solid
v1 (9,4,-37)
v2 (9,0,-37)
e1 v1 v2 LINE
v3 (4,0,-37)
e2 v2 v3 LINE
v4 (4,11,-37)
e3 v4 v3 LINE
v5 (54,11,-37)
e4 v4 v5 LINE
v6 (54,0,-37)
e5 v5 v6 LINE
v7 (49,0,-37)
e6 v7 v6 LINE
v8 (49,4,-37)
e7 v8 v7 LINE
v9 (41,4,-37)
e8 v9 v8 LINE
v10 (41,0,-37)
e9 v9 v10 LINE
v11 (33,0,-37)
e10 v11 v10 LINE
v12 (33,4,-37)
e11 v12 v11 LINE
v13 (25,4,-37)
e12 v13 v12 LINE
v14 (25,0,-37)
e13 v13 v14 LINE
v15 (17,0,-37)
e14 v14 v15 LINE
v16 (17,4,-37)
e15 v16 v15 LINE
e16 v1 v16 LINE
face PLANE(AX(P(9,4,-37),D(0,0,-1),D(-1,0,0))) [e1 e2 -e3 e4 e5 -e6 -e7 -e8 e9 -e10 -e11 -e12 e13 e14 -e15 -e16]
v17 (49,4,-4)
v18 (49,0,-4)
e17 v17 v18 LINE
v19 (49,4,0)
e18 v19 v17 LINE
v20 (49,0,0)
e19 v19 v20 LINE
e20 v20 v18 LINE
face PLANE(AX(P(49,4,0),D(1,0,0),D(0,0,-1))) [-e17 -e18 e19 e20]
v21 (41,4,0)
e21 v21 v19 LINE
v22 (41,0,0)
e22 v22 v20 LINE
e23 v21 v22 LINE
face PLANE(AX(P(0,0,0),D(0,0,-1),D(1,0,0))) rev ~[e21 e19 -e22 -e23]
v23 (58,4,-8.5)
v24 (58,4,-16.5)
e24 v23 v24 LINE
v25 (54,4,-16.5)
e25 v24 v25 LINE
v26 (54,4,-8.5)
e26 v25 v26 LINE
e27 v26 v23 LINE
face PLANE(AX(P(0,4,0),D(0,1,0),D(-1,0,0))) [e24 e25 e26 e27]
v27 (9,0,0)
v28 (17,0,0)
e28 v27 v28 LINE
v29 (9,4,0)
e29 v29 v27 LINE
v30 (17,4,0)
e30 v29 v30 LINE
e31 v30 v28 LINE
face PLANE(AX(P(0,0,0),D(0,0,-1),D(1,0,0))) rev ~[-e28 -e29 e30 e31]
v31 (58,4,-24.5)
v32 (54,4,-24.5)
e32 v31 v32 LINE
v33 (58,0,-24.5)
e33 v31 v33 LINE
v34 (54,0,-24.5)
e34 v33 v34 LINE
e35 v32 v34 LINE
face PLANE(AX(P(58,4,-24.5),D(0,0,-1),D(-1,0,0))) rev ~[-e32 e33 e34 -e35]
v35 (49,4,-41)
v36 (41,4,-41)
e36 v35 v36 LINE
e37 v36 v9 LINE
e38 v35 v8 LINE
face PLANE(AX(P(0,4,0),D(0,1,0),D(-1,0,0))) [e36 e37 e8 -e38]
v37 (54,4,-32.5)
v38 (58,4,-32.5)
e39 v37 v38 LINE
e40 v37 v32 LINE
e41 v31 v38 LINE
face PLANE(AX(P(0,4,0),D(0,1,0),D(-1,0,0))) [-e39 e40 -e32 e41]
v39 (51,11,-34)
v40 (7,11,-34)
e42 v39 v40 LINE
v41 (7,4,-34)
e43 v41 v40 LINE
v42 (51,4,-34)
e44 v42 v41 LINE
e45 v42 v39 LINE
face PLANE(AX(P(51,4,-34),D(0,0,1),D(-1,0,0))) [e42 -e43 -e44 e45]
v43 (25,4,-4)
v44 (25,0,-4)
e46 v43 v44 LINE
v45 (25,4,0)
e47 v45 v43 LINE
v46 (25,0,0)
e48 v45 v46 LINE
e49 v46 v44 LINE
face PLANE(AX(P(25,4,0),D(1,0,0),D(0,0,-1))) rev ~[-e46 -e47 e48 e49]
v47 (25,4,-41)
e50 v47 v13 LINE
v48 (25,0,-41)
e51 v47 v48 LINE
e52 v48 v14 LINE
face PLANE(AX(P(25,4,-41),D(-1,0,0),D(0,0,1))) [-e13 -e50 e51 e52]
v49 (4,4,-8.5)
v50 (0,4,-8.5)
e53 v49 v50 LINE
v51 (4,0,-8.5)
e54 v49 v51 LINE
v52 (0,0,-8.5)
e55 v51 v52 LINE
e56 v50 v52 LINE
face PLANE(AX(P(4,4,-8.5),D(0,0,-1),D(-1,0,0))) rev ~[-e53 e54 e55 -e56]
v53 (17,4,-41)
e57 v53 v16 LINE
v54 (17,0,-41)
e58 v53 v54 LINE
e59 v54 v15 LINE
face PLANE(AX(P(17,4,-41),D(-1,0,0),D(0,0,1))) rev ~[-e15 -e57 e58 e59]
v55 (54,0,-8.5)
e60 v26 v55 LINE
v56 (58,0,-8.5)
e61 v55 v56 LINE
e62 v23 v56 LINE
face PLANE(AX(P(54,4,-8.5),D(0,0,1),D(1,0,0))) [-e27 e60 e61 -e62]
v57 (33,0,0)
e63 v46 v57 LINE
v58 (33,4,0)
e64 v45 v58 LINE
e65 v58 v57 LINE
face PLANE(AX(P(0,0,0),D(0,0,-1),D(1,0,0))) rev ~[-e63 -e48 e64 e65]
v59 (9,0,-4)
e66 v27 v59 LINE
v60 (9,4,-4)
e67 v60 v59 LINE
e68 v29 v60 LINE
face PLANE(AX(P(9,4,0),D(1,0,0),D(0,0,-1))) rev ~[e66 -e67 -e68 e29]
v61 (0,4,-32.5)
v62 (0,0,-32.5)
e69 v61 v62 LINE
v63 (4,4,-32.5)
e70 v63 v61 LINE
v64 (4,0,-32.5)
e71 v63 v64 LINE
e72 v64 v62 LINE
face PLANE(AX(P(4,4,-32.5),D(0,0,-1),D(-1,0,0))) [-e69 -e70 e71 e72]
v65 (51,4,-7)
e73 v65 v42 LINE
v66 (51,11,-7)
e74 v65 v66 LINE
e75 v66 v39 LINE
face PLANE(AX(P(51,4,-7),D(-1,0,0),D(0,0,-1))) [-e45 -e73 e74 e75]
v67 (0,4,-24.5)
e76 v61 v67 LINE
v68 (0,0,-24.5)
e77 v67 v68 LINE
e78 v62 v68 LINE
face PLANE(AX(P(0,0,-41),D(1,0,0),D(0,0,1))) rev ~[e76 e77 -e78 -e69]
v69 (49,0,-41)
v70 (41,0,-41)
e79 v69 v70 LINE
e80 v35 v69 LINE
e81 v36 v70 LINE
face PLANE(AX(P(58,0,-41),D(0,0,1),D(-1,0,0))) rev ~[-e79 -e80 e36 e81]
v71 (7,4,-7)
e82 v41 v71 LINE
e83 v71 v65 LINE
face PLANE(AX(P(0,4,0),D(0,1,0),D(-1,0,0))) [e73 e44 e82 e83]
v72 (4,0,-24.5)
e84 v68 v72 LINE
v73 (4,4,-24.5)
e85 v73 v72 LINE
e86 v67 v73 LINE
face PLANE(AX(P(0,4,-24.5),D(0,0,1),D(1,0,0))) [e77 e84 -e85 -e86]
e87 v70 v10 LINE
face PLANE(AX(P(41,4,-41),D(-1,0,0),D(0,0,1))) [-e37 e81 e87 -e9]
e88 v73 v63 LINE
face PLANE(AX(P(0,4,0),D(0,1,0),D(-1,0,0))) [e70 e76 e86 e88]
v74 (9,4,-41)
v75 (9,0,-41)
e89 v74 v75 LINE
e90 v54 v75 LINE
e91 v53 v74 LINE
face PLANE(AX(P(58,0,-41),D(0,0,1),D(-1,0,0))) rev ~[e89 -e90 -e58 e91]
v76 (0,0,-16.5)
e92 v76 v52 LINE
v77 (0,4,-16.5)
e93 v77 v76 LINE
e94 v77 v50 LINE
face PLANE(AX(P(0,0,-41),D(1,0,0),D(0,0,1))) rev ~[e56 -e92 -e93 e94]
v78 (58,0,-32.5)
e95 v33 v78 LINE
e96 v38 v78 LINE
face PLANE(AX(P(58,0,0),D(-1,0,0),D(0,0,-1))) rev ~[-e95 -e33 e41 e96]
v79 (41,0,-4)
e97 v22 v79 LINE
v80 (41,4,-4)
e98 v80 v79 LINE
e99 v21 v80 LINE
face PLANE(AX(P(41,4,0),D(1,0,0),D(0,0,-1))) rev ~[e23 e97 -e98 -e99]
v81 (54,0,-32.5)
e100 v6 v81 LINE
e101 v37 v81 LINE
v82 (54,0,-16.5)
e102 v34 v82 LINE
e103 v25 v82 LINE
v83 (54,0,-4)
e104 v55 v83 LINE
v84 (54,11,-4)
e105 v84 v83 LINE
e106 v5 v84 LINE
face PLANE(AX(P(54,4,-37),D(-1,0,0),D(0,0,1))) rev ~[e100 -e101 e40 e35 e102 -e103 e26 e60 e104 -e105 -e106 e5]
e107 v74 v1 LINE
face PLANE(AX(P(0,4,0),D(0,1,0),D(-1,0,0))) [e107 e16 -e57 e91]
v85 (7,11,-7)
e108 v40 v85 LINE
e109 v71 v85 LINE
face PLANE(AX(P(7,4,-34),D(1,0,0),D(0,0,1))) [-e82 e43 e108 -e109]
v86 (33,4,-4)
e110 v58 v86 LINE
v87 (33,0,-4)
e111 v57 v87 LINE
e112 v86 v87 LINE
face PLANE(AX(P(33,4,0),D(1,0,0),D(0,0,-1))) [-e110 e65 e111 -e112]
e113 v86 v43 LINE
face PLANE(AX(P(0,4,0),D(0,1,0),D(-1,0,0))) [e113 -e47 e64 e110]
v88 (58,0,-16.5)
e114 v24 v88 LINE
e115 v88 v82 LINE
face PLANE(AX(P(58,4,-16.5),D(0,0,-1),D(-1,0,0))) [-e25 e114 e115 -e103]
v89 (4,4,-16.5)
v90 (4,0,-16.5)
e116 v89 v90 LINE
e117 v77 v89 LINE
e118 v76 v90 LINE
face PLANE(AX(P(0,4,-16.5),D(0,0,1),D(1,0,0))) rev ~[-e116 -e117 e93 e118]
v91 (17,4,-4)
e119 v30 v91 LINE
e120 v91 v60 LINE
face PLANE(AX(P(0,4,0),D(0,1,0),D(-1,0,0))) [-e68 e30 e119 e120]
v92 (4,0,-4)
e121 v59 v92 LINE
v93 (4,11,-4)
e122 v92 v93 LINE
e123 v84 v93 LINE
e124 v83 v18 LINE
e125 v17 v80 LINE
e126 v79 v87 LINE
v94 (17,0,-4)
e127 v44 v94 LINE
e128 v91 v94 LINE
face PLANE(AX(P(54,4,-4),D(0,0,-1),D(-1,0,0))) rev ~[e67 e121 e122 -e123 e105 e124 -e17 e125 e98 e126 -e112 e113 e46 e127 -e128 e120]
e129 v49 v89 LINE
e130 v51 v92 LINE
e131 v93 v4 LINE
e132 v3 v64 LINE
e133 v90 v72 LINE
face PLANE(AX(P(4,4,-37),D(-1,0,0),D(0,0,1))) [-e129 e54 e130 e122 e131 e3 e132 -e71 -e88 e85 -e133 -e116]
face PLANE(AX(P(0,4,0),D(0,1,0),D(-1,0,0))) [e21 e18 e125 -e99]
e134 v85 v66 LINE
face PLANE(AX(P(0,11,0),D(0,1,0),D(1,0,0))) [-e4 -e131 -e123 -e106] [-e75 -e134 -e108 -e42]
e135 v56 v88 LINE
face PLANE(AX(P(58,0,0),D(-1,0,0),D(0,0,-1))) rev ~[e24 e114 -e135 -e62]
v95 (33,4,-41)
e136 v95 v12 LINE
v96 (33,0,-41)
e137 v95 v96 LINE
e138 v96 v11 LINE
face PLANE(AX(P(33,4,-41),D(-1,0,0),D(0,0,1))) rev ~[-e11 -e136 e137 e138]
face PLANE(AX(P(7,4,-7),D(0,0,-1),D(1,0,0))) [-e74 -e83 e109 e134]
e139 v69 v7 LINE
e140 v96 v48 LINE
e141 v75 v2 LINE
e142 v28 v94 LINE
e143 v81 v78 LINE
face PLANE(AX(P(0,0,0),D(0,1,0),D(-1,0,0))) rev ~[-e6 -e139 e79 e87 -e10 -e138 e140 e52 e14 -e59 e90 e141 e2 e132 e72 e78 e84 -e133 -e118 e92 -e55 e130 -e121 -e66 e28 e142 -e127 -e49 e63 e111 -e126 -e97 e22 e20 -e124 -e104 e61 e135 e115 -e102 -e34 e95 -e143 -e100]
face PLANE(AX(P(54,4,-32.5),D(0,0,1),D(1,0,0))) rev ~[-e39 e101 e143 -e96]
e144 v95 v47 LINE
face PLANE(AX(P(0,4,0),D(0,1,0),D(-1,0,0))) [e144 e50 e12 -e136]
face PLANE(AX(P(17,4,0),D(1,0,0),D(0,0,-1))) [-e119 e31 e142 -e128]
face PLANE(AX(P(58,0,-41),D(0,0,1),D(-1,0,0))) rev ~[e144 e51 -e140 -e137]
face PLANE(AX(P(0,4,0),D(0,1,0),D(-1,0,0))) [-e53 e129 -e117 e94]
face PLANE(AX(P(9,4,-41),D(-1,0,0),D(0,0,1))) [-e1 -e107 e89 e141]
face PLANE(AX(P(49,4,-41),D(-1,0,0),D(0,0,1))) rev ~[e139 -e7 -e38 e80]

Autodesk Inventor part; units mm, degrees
ref_plane "YZ Plane" through (0, 0, 0) normal (1, 0, 0) x (0, 1, 0)
ref_plane "XZ Plane" through (0, 0, 0) normal (0, 1, 0) x (-1, 0, 0)
ref_plane "XY Plane" through (0, 0, 0) normal (0, 0, 1) x (1, 0, 0)
sketch "Sketch1" plane through (0, 0, 0) normal (0, 1, 0) x (-1, 0, 0)
  line L0 (0, 0) -> (-58, 0)
  line L1 (-58, 0) -> (-58, -41)
  line L2 (-58, -41) -> (0, -41)
  line L3 (0, -41) -> (0, 0)
  dimension "d0" = 58
  dimension "d1" = 41
extrude "Extrusion1" add sketch "Sketch1" along normal blind 4
sketch "Sketch2" plane through (0, 4, 0) normal (0, 1, 0) x (1, 0, 0)
  line L0 (0, 0) -> (58, 0) projected
  line L1 (58, 0) -> (58, 41) projected
  line L2 (58, 41) -> (0, 41) projected
  line L3 (0, 41) -> (0, 0) projected
  line L4 (4, 37) -> (54, 37)
  line L5 (54, 37) -> (54, 4)
  line L6 (54, 4) -> (4, 4)
  line L7 (4, 4) -> (4, 37)
  line L8 (51, 34) -> (7, 34)
  line L9 (7, 34) -> (7, 7)
  line L10 (7, 7) -> (51, 7)
  line L11 (51, 7) -> (51, 34)
  dimension "d4" = 4
  dimension "d5" = 3
extrude "Extrusion2" add sketch "Sketch2" along normal blind 7 contours L4 L5 L6 L7
sketch "Sketch3" plane through (0, 4, 0) normal (0, 1, 0) x (1, 0, 0)
  line L0 (0, 0) -> (58, 0) construction
  line L1 (58, 0) -> (58, 41) construction
  line L2 (58, 41) -> (0, 41) construction
  line L3 (0, 41) -> (0, 0) construction
  line L4 (54, 37) -> (54, 4) construction
  line L5 (54, 4) -> (4, 4) construction
  line L6 (4, 4) -> (4, 37) construction
  line L7 (4, 37) -> (54, 37) construction
  line L8 (58, 41) -> (0, 41) construction
  line L9 (29, 41) -> (29, 0) construction
  line L10 (0, 41) -> (0, 0) construction
  line L11 (0, 20.5) -> (58, 20.5) construction
  line L12 (58, 0) -> (58, 41) construction
  line L13 (4, 37) -> (4, 4) projected
  line L14 (4, 8.5) -> (0, 8.5)
  line L15 (0, 8.5) -> (0, 0)
  line L16 (0, 0) -> (9, 0)
  line L17 (0, 0) -> (58, 0) projected
  line L18 (9, 0) -> (9, 4)
  line L19 (54, 4) -> (4, 4) projected
  line L20 (9, 4) -> (4, 4)
  line L21 (4, 8.5) -> (4, 4)
  line L22 (17, 0) -> (17, 4)
  line L23 (17, 0) -> (25, 0)
  line L24 (25, 0) -> (25, 4)
  line L25 (25, 4) -> (17, 4)
  line L26 (0, 16.5) -> (4, 16.5)
  line L27 (4, 16.5) -> (4, 20.5)
  line L28 (0, 20.5) -> (0, 16.5)
  line L29 (4, 32.5) -> (0, 32.5)
  line L30 (0, 32.5) -> (0, 41)
  line L31 (0, 41) -> (9, 41)
  line L32 (9, 41) -> (9, 37)
  line L33 (9, 37) -> (4, 37)
  line L34 (4, 32.5) -> (4, 37)
  line L35 (17, 41) -> (17, 37)
  line L36 (17, 41) -> (25, 41)
  line L37 (25, 41) -> (25, 37)
  line L38 (25, 37) -> (17, 37)
  line L39 (0, 24.5) -> (4, 24.5)
  line L40 (4, 24.5) -> (4, 20.5)
  line L41 (0, 20.5) -> (0, 24.5)
  line L42 (58, 41) -> (58, 0) construction
  line L43 (54, 4) -> (54, 37) construction
  line L44 (58, 41) -> (58, 0) construction
  line L45 (54, 37) -> (54, 4)
  line L46 (54, 8.5) -> (58, 8.5)
  line L47 (58, 8.5) -> (58, 0)
  line L48 (58, 0) -> (49, 0)
  line L49 (49, 0) -> (49, 4)
  line L50 (49, 4) -> (54, 4)
  line L51 (54, 8.5) -> (54, 4)
  line L52 (41, 0) -> (41, 4)
  line L53 (41, 0) -> (33, 0)
  line L54 (33, 0) -> (33, 4)
  line L55 (33, 4) -> (41, 4)
  line L56 (58, 16.5) -> (54, 16.5)
  line L57 (54, 16.5) -> (54, 20.5)
  line L58 (58, 20.5) -> (58, 16.5)
  line L59 (41, 41) -> (33, 41)
  line L60 (33, 41) -> (33, 37)
  line L61 (33, 37) -> (41, 37)
  line L62 (54, 32.5) -> (54, 37)
  line L63 (54, 24.5) -> (54, 20.5)
  line L64 (54, 32.5) -> (58, 32.5)
  line L65 (58, 32.5) -> (58, 41)
  line L66 (58, 24.5) -> (54, 24.5)
  line L67 (58, 20.5) -> (58, 24.5)
  line L68 (49, 41) -> (49, 37)
  line L69 (49, 37) -> (54, 37)
  line L70 (58, 41) -> (49, 41)
  line L71 (41, 41) -> (41, 37)
  dimension "d8" = 8
  dimension "d9" = 8
  dimension "d10" = 4
  dimension "d13" = 4
  dimension "d14" = 8
extrude "Extrusion3" cut sketch "Sketch3" against normal up to surface (4 mm away) contours L45 L69 L68 L70 L65 L64 | L45 L66 L67 L58 L56 | L13 L19 L18 L16 L15 L14 | L13 L26 L28 L41 L39 | L13 L29 L30 L31 L32 L33 | L19 L24 L17 L22 | L19 L52 L17 L54 | L19 L45 L46 L47 L17 L49 | L36 L37 L38 L35 | L71 L61 L60 L59
properties part number "bottom" material "PBT Plastic Black"
